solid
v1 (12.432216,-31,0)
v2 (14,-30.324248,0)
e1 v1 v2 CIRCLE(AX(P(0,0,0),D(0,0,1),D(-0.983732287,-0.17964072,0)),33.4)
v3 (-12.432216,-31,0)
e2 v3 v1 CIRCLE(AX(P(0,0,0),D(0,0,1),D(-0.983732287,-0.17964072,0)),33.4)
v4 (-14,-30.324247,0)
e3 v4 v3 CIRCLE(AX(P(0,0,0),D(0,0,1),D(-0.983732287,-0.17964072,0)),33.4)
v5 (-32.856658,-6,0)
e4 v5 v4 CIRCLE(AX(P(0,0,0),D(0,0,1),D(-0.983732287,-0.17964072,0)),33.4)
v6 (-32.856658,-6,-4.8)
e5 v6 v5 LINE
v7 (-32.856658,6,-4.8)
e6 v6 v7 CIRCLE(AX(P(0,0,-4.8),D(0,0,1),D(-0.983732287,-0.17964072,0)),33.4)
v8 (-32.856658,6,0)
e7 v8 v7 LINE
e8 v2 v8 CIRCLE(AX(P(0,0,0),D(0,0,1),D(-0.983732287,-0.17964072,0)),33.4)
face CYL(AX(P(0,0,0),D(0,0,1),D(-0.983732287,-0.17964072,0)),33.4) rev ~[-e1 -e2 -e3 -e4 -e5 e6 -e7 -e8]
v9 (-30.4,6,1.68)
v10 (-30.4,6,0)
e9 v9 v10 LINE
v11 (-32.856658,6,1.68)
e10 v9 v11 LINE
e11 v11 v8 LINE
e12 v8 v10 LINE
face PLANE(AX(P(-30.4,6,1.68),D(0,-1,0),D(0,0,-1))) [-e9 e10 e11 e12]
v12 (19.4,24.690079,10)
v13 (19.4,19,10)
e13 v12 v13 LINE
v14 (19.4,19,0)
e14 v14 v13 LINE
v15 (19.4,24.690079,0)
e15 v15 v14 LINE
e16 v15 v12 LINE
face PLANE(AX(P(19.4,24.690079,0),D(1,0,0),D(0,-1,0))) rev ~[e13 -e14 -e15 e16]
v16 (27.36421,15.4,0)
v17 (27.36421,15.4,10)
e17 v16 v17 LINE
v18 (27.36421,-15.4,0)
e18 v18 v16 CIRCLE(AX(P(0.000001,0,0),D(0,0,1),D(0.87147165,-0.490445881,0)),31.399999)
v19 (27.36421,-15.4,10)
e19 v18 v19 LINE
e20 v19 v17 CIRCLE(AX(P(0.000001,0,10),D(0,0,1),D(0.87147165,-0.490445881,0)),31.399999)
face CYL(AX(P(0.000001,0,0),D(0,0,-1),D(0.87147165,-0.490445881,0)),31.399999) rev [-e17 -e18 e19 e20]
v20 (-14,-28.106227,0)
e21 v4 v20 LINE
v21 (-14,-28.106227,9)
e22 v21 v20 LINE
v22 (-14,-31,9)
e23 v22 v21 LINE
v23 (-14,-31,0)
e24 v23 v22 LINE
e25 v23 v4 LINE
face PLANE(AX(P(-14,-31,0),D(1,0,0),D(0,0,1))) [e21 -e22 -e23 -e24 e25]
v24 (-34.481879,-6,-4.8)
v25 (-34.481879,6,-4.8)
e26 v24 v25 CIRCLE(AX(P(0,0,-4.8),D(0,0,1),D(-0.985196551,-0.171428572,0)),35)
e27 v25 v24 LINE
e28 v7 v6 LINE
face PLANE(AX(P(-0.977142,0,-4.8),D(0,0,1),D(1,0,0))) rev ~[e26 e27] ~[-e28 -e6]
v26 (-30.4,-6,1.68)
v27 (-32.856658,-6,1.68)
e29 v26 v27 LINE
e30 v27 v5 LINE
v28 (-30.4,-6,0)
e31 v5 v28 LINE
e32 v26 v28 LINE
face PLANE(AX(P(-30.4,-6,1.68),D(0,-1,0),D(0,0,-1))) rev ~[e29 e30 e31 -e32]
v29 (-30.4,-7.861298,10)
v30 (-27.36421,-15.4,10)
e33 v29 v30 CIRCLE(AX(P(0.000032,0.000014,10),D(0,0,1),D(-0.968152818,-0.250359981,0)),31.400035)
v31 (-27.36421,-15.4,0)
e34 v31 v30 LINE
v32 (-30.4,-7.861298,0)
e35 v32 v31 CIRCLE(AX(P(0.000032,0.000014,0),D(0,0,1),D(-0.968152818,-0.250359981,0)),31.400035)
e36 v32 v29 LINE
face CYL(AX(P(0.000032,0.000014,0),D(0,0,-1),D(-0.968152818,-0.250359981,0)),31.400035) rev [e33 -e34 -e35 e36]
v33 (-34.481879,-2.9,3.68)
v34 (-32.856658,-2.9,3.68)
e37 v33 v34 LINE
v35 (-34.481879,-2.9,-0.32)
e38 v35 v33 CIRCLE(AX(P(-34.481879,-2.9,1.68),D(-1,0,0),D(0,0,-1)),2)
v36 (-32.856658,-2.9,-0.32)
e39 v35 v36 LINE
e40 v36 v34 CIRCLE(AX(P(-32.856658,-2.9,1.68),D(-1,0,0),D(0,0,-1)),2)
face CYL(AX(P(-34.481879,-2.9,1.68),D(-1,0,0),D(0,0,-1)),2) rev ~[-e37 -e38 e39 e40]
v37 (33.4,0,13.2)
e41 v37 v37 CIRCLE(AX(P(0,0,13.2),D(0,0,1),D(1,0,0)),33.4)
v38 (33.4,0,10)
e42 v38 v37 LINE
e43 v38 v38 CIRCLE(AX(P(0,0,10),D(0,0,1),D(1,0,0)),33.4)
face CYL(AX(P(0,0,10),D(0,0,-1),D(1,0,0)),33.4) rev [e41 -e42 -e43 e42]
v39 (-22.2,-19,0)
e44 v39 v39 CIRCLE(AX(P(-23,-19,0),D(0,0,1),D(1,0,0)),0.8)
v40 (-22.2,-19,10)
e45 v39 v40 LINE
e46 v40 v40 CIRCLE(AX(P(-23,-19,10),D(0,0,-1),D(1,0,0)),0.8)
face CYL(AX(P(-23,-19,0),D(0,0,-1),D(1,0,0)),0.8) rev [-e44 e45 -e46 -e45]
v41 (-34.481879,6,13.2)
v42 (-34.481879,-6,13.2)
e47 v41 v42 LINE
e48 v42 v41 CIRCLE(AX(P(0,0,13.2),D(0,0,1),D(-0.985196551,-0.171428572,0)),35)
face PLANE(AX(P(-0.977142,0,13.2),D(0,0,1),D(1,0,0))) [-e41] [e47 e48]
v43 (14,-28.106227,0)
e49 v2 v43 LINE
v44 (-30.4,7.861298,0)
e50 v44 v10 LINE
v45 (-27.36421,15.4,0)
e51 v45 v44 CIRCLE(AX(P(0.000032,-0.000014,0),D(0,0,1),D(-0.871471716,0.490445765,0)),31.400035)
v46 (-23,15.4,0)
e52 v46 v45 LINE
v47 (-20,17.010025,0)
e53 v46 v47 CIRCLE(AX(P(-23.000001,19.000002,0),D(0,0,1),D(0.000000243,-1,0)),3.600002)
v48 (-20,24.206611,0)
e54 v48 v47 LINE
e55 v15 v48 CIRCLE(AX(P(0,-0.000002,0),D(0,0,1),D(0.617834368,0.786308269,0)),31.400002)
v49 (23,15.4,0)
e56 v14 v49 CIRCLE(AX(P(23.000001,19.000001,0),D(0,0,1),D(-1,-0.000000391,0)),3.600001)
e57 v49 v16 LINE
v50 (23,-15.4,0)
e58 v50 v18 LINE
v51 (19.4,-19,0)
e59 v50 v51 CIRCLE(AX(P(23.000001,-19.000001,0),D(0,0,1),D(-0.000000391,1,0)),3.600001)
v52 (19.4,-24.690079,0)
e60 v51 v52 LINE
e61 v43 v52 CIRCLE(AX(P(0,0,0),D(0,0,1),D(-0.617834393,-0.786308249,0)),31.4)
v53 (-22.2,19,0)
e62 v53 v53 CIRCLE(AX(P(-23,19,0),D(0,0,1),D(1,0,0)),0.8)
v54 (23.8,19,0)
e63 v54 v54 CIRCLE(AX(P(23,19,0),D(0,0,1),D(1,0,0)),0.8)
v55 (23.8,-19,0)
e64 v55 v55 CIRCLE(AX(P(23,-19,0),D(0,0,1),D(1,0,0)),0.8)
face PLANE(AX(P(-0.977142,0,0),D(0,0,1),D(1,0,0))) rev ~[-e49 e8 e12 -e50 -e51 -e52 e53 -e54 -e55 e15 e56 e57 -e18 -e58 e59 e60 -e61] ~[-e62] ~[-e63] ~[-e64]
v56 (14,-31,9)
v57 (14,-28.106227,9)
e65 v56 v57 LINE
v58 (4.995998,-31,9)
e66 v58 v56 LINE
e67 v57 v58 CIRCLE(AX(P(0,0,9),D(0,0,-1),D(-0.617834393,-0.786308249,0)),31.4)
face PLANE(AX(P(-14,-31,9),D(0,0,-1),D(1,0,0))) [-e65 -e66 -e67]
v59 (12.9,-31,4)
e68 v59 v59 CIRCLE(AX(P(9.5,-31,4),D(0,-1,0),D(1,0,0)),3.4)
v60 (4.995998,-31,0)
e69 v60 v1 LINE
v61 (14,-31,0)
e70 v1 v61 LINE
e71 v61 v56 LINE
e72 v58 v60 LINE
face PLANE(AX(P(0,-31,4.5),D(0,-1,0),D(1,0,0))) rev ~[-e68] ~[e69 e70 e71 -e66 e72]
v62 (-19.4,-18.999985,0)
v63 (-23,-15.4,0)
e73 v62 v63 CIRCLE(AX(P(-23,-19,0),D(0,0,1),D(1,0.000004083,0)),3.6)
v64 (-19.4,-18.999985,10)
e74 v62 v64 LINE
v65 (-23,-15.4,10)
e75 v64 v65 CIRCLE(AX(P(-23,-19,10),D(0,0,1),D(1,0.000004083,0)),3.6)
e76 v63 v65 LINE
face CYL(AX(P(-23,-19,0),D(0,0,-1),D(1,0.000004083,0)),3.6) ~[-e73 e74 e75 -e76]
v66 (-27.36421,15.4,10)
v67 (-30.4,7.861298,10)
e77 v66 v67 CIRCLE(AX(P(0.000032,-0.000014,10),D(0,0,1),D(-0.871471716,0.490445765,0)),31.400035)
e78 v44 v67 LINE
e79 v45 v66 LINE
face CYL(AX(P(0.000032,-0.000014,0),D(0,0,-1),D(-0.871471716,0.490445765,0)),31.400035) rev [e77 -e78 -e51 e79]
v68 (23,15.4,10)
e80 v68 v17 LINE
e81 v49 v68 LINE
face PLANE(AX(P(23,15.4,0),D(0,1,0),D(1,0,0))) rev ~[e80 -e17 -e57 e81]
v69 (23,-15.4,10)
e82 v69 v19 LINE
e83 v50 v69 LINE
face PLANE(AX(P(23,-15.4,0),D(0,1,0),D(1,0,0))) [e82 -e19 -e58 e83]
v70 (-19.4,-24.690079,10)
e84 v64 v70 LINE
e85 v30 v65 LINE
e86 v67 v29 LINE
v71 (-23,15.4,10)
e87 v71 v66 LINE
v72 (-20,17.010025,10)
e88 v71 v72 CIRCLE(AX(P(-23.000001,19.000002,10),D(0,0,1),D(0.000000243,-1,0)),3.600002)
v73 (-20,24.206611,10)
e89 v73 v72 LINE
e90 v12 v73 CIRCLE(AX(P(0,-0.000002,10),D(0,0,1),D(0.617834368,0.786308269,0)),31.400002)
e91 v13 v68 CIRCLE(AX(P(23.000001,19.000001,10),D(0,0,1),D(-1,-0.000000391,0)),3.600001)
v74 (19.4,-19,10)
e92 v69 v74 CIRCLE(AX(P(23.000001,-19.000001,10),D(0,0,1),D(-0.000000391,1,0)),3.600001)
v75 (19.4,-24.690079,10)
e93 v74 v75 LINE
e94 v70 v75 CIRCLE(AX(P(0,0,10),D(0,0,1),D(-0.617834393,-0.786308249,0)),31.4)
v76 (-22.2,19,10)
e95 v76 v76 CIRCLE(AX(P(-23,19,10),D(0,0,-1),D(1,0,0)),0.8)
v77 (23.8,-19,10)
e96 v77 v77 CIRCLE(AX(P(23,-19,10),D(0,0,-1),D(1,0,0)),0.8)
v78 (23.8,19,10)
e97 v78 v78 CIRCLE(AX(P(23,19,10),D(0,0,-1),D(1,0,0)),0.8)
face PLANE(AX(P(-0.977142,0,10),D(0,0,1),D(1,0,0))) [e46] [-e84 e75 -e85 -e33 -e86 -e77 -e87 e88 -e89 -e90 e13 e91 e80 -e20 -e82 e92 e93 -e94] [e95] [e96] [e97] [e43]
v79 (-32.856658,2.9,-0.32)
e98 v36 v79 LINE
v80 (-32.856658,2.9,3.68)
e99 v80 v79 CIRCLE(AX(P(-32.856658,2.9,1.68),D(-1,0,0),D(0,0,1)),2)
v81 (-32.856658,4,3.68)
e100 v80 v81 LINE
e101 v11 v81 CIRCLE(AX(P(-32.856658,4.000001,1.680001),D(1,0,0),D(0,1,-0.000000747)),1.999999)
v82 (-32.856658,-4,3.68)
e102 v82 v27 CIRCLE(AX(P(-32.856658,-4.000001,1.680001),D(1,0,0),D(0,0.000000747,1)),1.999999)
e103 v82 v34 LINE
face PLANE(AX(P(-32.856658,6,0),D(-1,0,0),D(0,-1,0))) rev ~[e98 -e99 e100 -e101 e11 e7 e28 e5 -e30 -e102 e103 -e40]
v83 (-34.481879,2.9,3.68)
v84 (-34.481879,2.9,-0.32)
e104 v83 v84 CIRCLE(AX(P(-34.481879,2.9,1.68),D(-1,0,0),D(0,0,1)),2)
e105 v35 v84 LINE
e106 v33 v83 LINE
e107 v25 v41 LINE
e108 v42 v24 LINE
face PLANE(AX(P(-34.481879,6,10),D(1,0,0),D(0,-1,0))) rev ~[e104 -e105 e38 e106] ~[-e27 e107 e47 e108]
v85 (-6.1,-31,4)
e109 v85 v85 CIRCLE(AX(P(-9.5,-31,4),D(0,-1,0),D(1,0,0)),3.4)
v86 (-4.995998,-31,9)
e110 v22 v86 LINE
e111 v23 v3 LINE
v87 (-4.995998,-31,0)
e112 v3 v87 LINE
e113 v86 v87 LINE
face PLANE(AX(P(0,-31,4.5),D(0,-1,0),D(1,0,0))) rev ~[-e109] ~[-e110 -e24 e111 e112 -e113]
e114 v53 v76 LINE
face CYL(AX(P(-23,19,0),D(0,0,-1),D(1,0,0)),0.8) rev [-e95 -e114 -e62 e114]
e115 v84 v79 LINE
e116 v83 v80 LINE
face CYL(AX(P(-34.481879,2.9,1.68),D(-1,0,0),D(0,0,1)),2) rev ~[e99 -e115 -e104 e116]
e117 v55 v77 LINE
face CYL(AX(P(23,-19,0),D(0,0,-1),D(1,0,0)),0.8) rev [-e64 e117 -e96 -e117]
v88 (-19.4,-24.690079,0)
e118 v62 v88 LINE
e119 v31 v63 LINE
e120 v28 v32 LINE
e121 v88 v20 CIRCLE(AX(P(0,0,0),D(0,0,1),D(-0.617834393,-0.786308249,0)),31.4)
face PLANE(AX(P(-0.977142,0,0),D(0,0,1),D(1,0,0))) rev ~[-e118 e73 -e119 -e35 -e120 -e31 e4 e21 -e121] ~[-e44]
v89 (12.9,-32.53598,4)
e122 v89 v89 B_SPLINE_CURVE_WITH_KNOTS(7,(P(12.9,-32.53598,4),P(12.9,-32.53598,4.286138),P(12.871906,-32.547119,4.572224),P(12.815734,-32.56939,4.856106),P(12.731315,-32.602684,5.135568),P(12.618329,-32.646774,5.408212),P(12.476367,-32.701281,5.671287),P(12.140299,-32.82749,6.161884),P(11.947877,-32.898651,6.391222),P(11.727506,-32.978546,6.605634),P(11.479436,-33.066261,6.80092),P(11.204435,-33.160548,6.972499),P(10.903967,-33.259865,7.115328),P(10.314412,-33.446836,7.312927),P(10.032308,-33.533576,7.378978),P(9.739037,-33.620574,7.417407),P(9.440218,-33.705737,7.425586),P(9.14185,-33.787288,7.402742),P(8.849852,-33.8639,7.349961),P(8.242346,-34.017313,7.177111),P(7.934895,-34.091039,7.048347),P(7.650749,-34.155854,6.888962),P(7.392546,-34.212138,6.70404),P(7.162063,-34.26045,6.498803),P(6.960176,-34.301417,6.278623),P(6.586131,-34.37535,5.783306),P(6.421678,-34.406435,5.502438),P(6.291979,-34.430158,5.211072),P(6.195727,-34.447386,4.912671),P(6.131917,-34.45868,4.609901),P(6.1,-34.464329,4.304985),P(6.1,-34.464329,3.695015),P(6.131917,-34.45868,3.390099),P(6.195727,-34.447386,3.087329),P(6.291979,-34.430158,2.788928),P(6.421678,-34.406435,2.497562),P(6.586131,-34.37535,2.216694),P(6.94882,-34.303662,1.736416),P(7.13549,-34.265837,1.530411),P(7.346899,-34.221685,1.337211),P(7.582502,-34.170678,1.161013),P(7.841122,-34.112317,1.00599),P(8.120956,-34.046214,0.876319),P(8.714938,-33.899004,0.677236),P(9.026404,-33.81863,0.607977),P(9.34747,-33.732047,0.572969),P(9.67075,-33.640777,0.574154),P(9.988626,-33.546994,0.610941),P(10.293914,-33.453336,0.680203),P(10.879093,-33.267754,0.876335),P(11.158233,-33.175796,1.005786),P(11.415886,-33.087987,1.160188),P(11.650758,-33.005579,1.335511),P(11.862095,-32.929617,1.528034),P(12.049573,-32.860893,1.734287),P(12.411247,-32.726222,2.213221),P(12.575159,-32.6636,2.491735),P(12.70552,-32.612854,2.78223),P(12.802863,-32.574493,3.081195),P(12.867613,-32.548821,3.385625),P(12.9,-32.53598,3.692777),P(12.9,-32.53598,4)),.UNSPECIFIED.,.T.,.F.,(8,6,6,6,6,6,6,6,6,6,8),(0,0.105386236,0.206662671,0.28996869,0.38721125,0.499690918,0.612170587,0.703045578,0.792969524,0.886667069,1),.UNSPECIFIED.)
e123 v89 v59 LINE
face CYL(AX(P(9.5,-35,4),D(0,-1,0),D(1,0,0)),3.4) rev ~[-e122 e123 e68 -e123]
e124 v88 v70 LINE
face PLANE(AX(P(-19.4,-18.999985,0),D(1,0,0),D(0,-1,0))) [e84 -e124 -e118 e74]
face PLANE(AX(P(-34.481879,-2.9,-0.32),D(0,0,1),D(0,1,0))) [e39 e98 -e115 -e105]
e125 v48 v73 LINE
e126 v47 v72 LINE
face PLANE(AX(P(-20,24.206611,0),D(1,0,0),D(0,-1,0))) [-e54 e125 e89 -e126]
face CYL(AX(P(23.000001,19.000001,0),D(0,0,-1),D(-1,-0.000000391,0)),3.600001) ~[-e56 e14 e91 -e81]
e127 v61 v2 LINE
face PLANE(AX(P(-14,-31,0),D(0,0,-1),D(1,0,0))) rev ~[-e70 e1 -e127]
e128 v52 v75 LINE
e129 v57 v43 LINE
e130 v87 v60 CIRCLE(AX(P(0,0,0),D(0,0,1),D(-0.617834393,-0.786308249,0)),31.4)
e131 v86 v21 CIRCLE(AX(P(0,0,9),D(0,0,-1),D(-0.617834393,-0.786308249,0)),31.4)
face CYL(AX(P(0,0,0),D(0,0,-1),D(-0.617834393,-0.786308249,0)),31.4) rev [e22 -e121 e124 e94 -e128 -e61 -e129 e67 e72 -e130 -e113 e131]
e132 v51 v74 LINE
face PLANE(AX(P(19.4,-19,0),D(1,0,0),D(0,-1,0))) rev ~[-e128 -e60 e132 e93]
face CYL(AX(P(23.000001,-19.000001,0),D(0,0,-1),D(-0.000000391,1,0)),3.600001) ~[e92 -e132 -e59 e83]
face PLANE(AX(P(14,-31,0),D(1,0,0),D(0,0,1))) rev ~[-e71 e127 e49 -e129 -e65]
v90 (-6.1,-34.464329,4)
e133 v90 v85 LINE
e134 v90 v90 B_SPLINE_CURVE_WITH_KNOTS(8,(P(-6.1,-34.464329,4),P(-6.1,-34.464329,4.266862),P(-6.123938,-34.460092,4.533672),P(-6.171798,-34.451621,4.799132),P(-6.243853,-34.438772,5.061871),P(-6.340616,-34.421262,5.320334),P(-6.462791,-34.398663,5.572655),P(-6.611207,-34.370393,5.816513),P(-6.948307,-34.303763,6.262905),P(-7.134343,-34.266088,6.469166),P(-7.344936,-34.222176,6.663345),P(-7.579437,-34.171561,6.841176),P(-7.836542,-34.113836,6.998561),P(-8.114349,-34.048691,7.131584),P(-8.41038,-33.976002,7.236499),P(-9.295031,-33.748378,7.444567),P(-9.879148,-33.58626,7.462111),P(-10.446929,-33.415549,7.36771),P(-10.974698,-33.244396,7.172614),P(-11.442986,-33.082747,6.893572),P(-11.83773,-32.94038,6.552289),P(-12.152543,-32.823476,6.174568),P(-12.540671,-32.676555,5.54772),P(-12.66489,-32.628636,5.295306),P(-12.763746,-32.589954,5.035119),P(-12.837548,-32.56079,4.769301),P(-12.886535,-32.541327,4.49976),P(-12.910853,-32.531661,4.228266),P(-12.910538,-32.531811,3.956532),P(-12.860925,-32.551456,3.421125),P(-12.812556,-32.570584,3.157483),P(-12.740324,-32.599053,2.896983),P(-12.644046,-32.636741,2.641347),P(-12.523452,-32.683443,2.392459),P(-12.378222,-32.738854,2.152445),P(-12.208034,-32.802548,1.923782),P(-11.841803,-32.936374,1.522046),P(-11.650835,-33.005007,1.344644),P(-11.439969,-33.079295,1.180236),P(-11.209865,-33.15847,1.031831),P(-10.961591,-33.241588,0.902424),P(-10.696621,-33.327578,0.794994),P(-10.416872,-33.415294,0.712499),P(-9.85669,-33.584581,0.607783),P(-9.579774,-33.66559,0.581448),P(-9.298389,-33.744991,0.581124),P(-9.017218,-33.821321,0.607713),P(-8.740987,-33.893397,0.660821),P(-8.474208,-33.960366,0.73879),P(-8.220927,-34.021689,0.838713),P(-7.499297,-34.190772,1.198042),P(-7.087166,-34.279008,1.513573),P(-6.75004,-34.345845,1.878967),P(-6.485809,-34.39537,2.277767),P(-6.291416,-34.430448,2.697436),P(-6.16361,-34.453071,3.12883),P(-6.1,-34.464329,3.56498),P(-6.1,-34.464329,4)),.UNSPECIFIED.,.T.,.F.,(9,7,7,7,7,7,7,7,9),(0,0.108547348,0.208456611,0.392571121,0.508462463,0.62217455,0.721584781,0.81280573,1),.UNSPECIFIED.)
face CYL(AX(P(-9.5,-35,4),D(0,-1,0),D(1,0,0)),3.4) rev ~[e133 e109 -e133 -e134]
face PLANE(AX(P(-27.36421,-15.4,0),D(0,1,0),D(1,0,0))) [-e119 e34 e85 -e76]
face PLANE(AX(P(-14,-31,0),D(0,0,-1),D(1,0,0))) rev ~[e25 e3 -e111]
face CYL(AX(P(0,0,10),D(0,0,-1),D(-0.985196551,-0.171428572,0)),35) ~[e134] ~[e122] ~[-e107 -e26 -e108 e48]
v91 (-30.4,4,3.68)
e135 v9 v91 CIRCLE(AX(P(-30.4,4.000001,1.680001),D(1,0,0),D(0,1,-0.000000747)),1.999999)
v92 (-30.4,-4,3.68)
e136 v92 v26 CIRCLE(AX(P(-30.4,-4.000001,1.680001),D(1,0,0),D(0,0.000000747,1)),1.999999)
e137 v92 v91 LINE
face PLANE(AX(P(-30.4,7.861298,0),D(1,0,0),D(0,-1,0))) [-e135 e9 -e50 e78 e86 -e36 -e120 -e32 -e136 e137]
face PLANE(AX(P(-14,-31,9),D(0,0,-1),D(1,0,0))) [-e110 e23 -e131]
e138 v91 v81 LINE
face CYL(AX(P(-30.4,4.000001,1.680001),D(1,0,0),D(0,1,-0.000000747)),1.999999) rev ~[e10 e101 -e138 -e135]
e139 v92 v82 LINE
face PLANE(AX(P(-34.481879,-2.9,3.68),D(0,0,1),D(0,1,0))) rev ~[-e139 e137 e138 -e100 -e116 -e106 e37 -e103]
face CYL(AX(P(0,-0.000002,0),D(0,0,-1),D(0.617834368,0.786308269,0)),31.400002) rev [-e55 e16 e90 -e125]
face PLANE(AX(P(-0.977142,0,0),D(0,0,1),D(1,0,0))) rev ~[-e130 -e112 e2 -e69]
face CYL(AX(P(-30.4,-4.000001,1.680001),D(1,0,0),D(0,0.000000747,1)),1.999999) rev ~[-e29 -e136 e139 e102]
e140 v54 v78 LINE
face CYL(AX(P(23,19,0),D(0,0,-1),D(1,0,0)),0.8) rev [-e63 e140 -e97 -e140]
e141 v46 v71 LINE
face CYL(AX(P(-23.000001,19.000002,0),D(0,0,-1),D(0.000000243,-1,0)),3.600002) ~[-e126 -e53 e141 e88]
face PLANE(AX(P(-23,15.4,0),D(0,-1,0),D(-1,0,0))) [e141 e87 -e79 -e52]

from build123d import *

# Parameters (mm, degrees)
PAD011_DEPTH    = 10
PAD012_DEPTH    = 4.8
SKETCH024_R     = 33.4
PAD013_DEPTH    = 3.2
POCKET007_DEPTH = 2.456658
POCKET008_DEPTH = 1.625221
SKETCH023_W     = 28
SKETCH023_H     = 9
POCKET009_DEPTH = 5
SKETCH022_R     = 3.4
POCKET010_DEPTH = 5
SKETCH025_R     = 0.8
POCKET011_DEPTH = 13.201


with BuildPart() as part:
    # CopySketch013 → Pad011 (new body)
    with BuildSketch(Plane.XY):
        with BuildLine():
            ThreePointArc((-34.481879, -6), (35, 0), (-34.481879, 6))
            Line((-34.481879, 6), (-34.481879, -6))
        make_face()
        with BuildLine():
            ThreePointArc((-27.36421, 15.4), (-29.127032, 11.729279), (-30.4, 7.861298))
            Line((-30.4, 7.861298), (-30.4, -7.861298))
            ThreePointArc((-30.4, -7.861298), (-29.127032, -11.729279), (-27.36421, -15.4))
            Line((-27.36421, -15.4), (-23, -15.4))
            ThreePointArc((-19.4, -18.999985), (-20.454421, -16.45441), (-23, -15.4))
            Line((-19.4, -18.999985), (-19.4, -24.690079))
            ThreePointArc((-19.4, -24.690079), (0, -31.4), (19.4, -24.690079))
            Line((19.4, -19), (19.4, -24.690079))
            ThreePointArc((23, -15.4), (20.454416, -16.454416), (19.4, -19))
            Line((23, -15.4), (27.36421, -15.4))
            ThreePointArc((27.36421, -15.4), (31.4, 0), (27.36421, 15.4))
            Line((23, 15.4), (27.36421, 15.4))
            ThreePointArc((19.4, 19), (20.454416, 16.454416), (23, 15.4))
            Line((19.4, 24.690079), (19.4, 19))
            ThreePointArc((19.4, 24.690079), (-0.385273, 31.397636), (-20, 24.206611))
            Line((-20, 24.206611), (-20, 17.010025))
            ThreePointArc((-23, 15.4), (-21.297635, 15.827942), (-20, 17.010025))
            Line((-23, 15.4), (-27.36421, 15.4))
        make_face(mode=Mode.SUBTRACT)
    extrude(amount=PAD011_DEPTH)

    # Sketch019 → Pad012 (join)
    with BuildSketch(Plane.XY):
        with BuildLine():
            ThreePointArc((-34.481879, -6), (35, 0), (-34.481879, 6))
            Line((-34.481879, 6), (-34.481879, -6))
        make_face()
        with BuildLine():
            ThreePointArc((-32.856658, -6), (33.4, 0), (-32.856658, 6))
            Line((-32.856658, 6), (-32.856658, -6))
        make_face(mode=Mode.SUBTRACT)
    extrude(amount=-PAD012_DEPTH)

    # Sketch024 → Pad013 (join)
    with BuildSketch(Plane.XY.offset(10)):
        with BuildLine():
            ThreePointArc((-34.481879, -6), (35, 0), (-34.481879, 6))
            Line((-34.481879, 6), (-34.481879, -6))
        make_face()
        Circle(SKETCH024_R, mode=Mode.SUBTRACT)
    extrude(amount=PAD013_DEPTH)

    # Sketch020 (on Face19 of Pad013) → Pocket007 (cut)
    with BuildSketch(Plane.YZ.offset(-30.4)):
        with BuildLine():
            ThreePointArc((-4, 3.68), (-5.414214, 3.094214), (-6, 1.68))
            Line((-6, 1.68), (-6, -3.6))
            Line((-6, -3.6), (6, -3.6))
            Line((6, 1.68), (6, -3.6))
            ThreePointArc((6, 1.68), (5.414214, 3.094214), (4, 3.68))
            Line((-4, 3.68), (4, 3.68))
        make_face()
    extrude(amount=-POCKET007_DEPTH, mode=Mode.SUBTRACT)

    # Sketch021 → Pocket008 (cut)
    with BuildSketch(Plane(origin=(-34.481879, 0, 0), x_dir=(0, -1, 0), z_dir=(-1, 0, 0))):
        with BuildLine():
            ThreePointArc((2.9, -0.32), (4.9, 1.68), (2.9, 3.68))
            Line((2.9, 3.68), (-2.9, 3.68))
            ThreePointArc((-2.9, 3.68), (-4.9, 1.68), (-2.9, -0.32))
            Line((2.9, -0.32), (-2.9, -0.32))
        make_face()
    extrude(amount=-POCKET008_DEPTH, mode=Mode.SUBTRACT)

    # Sketch023 → Pocket009 (cut)
    with BuildSketch(Plane.XZ.offset(31)):
        with Locations((0, 4.5)):
            Rectangle(SKETCH023_W, SKETCH023_H)
    extrude(amount=-POCKET009_DEPTH, mode=Mode.SUBTRACT)

    # Sketch022 → Pocket010 (cut)
    with BuildSketch(Plane.XZ.offset(35)):
        with Locations((-9.5, 4)):
            Circle(SKETCH022_R)
        with Locations((9.5, 4)):
            Circle(SKETCH022_R)
    extrude(amount=-POCKET010_DEPTH, mode=Mode.SUBTRACT)

    # Sketch025 → Pocket011 (cut, through all)
    with BuildSketch(Plane.XY):
        with Locations((-23, 19)):
            Circle(SKETCH025_R)
        with Locations((23, 19)):
            Circle(SKETCH025_R)
        with Locations((-23, -19)):
            Circle(SKETCH025_R)
        with Locations((23, -19)):
            Circle(SKETCH025_R)
    extrude(amount=POCKET011_DEPTH, mode=Mode.SUBTRACT)


solid = part.part
